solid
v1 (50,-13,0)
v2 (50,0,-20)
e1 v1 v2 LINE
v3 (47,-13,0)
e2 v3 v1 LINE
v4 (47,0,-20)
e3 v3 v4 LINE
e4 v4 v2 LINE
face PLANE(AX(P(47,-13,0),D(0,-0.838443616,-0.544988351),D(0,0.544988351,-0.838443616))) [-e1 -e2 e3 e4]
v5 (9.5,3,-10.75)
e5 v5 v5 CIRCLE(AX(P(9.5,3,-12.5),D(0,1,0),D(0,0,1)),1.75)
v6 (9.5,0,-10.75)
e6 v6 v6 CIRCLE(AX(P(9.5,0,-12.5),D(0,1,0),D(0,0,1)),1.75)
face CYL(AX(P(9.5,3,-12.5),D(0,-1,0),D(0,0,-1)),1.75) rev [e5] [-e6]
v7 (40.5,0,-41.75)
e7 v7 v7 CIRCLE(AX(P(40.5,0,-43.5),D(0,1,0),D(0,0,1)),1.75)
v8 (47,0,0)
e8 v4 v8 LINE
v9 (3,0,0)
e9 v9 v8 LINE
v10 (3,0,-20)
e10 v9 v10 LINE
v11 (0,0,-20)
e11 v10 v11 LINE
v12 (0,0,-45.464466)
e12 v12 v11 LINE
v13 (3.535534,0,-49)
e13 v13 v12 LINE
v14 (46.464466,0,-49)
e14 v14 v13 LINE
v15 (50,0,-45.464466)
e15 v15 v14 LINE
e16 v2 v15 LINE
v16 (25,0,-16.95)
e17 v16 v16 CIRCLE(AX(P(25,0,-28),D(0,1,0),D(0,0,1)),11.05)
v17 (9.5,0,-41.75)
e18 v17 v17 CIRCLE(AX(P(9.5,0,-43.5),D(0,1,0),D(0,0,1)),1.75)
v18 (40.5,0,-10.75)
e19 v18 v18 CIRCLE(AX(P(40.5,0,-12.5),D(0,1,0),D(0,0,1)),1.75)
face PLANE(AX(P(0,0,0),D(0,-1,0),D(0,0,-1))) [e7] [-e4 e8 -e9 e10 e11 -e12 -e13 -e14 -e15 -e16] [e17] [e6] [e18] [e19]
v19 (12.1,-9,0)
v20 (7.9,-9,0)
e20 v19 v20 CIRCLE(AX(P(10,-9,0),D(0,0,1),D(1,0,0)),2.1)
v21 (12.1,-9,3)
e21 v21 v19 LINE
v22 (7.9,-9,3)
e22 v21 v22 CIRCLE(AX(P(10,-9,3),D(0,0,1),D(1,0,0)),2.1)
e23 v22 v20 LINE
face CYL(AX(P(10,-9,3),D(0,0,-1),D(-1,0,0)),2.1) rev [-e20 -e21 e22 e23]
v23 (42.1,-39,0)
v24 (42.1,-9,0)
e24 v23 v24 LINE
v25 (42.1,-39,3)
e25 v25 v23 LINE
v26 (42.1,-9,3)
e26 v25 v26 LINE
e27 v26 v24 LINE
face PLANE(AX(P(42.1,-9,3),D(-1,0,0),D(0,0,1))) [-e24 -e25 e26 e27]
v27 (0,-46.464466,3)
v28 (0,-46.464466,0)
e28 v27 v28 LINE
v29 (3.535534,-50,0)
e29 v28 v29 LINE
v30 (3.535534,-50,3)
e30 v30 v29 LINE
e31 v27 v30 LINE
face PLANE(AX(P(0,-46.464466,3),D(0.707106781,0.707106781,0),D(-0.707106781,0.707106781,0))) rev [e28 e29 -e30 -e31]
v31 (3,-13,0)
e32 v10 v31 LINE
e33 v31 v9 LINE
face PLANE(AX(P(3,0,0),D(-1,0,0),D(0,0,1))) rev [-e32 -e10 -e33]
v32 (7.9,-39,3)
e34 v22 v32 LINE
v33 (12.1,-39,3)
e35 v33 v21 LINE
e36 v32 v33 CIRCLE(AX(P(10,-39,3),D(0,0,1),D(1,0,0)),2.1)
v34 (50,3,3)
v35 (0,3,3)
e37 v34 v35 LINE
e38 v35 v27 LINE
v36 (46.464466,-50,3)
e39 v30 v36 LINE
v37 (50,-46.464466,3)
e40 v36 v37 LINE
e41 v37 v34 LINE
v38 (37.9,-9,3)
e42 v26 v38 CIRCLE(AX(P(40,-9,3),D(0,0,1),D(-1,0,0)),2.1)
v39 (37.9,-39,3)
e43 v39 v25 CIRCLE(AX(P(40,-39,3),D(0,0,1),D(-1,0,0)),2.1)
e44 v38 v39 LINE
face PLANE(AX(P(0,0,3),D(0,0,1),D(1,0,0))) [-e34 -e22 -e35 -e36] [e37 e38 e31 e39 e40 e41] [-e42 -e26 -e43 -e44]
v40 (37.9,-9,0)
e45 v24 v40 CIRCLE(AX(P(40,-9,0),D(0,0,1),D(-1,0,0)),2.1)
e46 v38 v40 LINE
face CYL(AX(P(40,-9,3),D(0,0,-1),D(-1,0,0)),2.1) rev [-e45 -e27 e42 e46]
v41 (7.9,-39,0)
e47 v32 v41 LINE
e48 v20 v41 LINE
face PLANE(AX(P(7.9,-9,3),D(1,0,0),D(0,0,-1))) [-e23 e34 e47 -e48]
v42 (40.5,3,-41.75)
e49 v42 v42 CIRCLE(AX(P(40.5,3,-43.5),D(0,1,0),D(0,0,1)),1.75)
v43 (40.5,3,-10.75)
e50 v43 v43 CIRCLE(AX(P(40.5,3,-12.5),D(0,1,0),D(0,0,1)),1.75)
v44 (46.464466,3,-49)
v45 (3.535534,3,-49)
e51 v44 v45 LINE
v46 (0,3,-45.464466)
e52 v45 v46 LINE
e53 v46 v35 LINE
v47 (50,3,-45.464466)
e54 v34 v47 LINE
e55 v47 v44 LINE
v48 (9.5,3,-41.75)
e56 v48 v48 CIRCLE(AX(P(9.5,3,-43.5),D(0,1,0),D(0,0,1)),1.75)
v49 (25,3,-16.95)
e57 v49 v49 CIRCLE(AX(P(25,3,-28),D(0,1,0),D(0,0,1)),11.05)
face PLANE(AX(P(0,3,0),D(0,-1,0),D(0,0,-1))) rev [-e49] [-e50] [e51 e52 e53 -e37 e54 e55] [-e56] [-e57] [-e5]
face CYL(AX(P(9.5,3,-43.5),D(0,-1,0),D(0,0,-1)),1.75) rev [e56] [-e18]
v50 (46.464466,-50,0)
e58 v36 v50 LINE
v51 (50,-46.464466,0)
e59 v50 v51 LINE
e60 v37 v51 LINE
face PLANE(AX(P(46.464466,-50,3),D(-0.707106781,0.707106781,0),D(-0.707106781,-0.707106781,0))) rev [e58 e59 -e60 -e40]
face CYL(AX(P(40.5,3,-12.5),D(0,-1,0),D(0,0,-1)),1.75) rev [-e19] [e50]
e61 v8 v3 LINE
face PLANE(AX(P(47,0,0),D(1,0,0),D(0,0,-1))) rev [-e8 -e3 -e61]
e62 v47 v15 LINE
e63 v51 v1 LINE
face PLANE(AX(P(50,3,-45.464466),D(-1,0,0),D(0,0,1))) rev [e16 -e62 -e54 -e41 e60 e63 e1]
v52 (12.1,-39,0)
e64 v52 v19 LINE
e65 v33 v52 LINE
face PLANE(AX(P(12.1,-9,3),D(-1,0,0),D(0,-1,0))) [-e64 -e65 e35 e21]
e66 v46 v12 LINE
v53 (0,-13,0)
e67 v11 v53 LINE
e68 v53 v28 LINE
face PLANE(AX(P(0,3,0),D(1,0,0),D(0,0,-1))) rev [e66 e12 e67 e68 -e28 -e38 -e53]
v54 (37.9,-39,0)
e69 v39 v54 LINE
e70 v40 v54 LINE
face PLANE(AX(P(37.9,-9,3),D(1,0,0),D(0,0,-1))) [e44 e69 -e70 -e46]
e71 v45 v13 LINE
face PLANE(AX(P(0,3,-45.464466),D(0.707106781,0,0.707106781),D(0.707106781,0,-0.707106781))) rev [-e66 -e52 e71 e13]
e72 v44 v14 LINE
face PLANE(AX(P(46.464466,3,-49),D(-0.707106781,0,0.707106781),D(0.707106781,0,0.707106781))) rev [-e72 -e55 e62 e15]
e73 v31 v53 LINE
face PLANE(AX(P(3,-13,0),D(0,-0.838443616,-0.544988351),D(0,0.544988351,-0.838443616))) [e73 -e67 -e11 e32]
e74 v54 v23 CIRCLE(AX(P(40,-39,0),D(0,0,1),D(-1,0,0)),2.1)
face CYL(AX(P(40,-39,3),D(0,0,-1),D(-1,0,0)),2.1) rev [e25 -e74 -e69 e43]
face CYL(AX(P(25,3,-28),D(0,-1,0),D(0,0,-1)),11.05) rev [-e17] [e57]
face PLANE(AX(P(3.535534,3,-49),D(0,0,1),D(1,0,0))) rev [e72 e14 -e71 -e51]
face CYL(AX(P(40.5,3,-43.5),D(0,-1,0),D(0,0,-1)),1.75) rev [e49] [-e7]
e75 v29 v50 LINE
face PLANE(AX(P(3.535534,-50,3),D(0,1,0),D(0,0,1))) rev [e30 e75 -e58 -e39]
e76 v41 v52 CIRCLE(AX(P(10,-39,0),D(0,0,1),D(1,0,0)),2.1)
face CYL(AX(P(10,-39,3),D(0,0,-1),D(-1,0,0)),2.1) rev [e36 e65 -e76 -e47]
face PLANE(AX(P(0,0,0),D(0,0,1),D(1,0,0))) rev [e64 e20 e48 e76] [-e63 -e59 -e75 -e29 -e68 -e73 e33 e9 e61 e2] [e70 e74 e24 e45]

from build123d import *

# Parameters (mm, degrees)
SKETCH_1_R      = 11.05
SKETCH_1_R_2    = 1.75
EXTRUDE_1_DEPTH = 3
EXTRUDE_2_DEPTH = 3
EXTRUDE_3_DEPTH = 3
EXTRUDE_4_DEPTH = 3


with BuildPart() as part:
    # 草图1 → 凸台-拉伸1 (new body)
    with BuildSketch(Plane(origin=(0, 0, 0), x_dir=(1, 0, 0), z_dir=(0, 1, 0))):
        Polygon((0, 0), (0, 45.464466094), (3.535533906, 49), (46.464466094, 49), (50, 45.464466094), (50, 0), align=None)
        with Locations(Location((25, 28, 0), (0, 0, 270))):
            Circle(SKETCH_1_R, mode=Mode.SUBTRACT)
        with Locations(Location((9.5, 12.5, 0), (0, 0, 270))):
            Circle(SKETCH_1_R_2, mode=Mode.SUBTRACT)
        with Locations(Location((9.5, 43.5, 0), (0, 0, 270))):
            Circle(SKETCH_1_R_2, mode=Mode.SUBTRACT)
        with Locations(Location((40.5, 43.5, 0), (0, 0, 270))):
            Circle(SKETCH_1_R_2, mode=Mode.SUBTRACT)
        with Locations(Location((40.5, 12.5, 0), (0, 0, 270))):
            Circle(SKETCH_1_R_2, mode=Mode.SUBTRACT)
    extrude(amount=EXTRUDE_1_DEPTH)

    # 草图2 → 凸台-拉伸2 (add)
    with BuildSketch(Plane.XY):
        Polygon((0, 3), (0, -46.464466094), (3.535533906, -50), (46.464466094, -50), (50, -46.464466094), (50, 3), align=None)
        with BuildLine():
            Line((12.1, -9), (12.1, -39))
            ThreePointArc((12.1, -39), (10, -41.1), (7.9, -39))
            Line((7.9, -39), (7.9, -9))
            ThreePointArc((7.9, -9), (10, -6.9), (12.1, -9))
        make_face(mode=Mode.SUBTRACT)
        with BuildLine():
            Line((37.9, -9), (37.9, -39))
            ThreePointArc((37.9, -39), (40, -41.1), (42.1, -39))
            Line((42.1, -39), (42.1, -9))
            ThreePointArc((42.1, -9), (40, -6.9), (37.9, -9))
        make_face(mode=Mode.SUBTRACT)
    extrude(amount=EXTRUDE_2_DEPTH)

    # 草图3 → 凸台-拉伸3 (add)
    with BuildSketch(Plane(origin=(50, 0, 0), x_dir=(0, 0, -1), z_dir=(1, 0, 0))):
        Polygon((0, 0), (0, -13), (20, 0), align=None)
    extrude(amount=-EXTRUDE_3_DEPTH)

    # 草图4 → 凸台-拉伸4 (add)
    with BuildSketch(Plane.ZY):
        Polygon((-20, 0), (0, 0), (0, -13), align=None)
    extrude(amount=-EXTRUDE_4_DEPTH)


solid = part.part
